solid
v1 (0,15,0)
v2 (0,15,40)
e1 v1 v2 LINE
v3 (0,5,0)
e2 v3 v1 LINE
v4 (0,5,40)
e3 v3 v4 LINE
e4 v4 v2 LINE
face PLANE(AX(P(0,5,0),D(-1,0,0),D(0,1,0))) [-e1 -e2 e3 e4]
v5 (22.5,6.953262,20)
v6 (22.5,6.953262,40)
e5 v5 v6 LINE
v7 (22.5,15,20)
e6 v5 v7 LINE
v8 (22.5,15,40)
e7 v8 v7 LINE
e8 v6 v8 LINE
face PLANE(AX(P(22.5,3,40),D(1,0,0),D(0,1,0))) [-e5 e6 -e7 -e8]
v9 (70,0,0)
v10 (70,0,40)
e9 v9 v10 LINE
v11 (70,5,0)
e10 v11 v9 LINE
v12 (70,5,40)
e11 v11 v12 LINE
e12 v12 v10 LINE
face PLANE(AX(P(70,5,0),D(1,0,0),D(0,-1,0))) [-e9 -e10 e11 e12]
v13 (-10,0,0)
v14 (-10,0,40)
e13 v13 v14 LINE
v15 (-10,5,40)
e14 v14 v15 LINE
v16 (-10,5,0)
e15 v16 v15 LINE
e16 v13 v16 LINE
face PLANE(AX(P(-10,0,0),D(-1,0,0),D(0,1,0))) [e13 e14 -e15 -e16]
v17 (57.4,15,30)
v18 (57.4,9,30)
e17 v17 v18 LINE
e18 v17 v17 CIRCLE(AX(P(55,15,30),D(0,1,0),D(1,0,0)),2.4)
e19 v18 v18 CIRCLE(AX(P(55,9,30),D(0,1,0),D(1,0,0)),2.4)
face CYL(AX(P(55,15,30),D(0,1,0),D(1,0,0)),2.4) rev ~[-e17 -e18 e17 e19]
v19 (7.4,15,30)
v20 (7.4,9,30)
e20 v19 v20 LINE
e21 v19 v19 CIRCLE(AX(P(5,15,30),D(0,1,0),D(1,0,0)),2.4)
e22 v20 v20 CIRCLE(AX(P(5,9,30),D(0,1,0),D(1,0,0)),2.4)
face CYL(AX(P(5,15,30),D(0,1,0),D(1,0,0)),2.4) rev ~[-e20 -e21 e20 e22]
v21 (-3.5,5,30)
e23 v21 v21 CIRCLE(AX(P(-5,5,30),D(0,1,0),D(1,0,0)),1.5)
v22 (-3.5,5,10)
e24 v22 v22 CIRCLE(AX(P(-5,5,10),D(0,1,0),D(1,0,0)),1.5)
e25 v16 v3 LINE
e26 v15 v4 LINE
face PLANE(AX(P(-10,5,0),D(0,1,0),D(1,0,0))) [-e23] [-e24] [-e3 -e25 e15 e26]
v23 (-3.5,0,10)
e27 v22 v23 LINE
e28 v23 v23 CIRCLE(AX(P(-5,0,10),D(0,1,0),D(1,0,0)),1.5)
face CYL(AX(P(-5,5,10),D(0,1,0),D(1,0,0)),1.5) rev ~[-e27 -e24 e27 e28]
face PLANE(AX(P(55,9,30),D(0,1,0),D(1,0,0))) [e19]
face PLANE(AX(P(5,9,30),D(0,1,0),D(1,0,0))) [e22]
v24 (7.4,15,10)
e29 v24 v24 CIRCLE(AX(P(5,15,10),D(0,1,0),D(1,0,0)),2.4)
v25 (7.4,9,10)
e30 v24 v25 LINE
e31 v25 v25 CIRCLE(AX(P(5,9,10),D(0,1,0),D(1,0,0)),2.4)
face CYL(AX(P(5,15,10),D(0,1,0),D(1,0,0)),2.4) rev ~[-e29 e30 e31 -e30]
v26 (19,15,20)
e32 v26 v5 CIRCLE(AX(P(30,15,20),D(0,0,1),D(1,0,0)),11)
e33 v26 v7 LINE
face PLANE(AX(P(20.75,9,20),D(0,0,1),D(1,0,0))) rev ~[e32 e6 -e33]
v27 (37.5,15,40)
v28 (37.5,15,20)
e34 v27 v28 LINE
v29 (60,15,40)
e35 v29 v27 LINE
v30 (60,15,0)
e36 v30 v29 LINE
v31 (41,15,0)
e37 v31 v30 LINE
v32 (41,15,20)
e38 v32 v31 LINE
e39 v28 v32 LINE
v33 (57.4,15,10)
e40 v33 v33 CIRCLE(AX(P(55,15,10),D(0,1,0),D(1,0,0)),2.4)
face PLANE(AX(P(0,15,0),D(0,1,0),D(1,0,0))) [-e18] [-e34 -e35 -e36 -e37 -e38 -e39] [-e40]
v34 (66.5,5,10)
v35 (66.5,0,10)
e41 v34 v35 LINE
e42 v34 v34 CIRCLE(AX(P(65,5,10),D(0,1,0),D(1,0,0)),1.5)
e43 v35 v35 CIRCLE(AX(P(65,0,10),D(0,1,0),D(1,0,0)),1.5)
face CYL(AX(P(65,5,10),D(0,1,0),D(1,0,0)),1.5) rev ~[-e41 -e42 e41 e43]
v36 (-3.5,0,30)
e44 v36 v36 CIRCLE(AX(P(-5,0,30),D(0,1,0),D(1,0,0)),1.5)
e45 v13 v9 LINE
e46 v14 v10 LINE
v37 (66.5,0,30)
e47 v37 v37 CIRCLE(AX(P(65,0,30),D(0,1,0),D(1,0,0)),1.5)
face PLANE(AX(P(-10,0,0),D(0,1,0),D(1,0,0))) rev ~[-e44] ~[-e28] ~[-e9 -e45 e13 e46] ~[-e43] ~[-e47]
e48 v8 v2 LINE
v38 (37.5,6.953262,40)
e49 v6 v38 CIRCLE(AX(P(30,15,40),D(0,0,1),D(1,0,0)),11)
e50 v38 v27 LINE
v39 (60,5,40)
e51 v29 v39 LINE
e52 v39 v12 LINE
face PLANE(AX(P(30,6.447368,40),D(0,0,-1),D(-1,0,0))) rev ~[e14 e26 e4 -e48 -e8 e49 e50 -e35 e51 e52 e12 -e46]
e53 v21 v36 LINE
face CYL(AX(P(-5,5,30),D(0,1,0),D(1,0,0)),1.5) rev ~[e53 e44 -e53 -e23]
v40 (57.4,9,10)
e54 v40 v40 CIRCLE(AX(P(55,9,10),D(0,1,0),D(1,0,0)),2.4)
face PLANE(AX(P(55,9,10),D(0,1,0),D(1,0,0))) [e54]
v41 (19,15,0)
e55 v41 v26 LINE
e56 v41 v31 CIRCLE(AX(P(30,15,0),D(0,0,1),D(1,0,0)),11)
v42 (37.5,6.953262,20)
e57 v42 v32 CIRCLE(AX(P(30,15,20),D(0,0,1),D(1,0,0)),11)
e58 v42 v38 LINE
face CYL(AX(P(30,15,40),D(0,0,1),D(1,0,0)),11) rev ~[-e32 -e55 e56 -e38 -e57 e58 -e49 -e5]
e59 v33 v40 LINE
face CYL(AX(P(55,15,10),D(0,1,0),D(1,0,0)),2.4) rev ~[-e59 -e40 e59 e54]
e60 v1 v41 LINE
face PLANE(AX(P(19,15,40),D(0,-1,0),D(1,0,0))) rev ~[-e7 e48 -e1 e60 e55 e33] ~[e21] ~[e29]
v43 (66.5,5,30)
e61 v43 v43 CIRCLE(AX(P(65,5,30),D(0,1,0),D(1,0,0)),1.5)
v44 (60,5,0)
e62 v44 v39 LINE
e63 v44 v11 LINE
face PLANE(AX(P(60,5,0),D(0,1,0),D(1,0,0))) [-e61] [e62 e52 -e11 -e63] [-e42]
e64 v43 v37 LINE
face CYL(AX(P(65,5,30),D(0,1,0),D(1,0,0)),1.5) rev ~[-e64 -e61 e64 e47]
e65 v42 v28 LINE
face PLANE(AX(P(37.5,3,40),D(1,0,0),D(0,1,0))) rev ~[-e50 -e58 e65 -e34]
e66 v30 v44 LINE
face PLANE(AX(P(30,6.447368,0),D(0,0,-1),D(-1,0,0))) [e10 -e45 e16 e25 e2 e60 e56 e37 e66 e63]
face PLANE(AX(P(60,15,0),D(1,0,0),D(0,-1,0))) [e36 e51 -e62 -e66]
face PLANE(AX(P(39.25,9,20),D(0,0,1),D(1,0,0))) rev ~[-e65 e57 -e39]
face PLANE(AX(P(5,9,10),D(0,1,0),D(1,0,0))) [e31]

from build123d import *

# Parameters (mm, degrees)
BASE_MORS_DEPTH                    = 40
ESQUISSE2_R                        = 11
EMPLACEMENT_MOTEUR_DEPTH           = 41
ESQUISSE3_R                        = 1.5
TROU_FIXATIONS_BASE_DEPTH          = 6
ESQUISSE4_R                        = 2.4
TROU_FIXATION_MORS_SUPERIEUR_DEPTH = 6
ESQUISSE6_W                        = 3.5
ESQUISSE6_H                        = 12
ENCOCHE_MOTEUR_DEPTH               = 20


with BuildPart() as part:
    # Esquisse1 → base_mors (new body)
    with BuildSketch(Plane.XY):
        Polygon((60, 15), (60, 5), (70, 5), (70, 0), (60, 0), (0, 0), (-10, 0), (-10, 5), (0, 5), (0, 15), align=None)
    extrude(amount=BASE_MORS_DEPTH)

    # Esquisse2 → emplacement_moteur (cut, through all)
    with BuildSketch(Plane.XY.offset(40)):
        with Locations((30, 15)):
            Circle(ESQUISSE2_R)
    extrude(amount=-EMPLACEMENT_MOTEUR_DEPTH, mode=Mode.SUBTRACT)

    # Esquisse3 → trou_fixations_base (cut, through all)
    with BuildSketch(Plane(origin=(0, 5, 0), x_dir=(1, 0, 0), z_dir=(0, 1, 0))):
        with Locations((-5, -10)):
            Circle(ESQUISSE3_R)
        with Locations((65, -10)):
            Circle(ESQUISSE3_R)
        with Locations((65, -30)):
            Circle(ESQUISSE3_R)
        with Locations((-5, -30)):
            Circle(ESQUISSE3_R)
    extrude(amount=-TROU_FIXATIONS_BASE_DEPTH, mode=Mode.SUBTRACT)

    # Esquisse4 → trou_fixation_mors_superieur (cut)
    with BuildSketch(Plane(origin=(0, 15, 0), x_dir=(1, 0, 0), z_dir=(0, 1, 0))):
        with Locations((5, -10)):
            Circle(ESQUISSE4_R)
        with Locations((55, -10)):
            Circle(ESQUISSE4_R)
        with Locations((55, -30)):
            Circle(ESQUISSE4_R)
        with Locations((5, -30)):
            Circle(ESQUISSE4_R)
    extrude(amount=-TROU_FIXATION_MORS_SUPERIEUR_DEPTH, mode=Mode.SUBTRACT)

    # Esquisse6 → encoche moteur (add)
    with BuildSketch(Plane.XY.offset(40)):
        with Locations((20.75, 9)):
            Rectangle(ESQUISSE6_W, ESQUISSE6_H)
        with Locations((39.25, 9)):
            Rectangle(ESQUISSE6_W, ESQUISSE6_H)
    extrude(amount=-ENCOCHE_MOTEUR_DEPTH)


solid = part.part
